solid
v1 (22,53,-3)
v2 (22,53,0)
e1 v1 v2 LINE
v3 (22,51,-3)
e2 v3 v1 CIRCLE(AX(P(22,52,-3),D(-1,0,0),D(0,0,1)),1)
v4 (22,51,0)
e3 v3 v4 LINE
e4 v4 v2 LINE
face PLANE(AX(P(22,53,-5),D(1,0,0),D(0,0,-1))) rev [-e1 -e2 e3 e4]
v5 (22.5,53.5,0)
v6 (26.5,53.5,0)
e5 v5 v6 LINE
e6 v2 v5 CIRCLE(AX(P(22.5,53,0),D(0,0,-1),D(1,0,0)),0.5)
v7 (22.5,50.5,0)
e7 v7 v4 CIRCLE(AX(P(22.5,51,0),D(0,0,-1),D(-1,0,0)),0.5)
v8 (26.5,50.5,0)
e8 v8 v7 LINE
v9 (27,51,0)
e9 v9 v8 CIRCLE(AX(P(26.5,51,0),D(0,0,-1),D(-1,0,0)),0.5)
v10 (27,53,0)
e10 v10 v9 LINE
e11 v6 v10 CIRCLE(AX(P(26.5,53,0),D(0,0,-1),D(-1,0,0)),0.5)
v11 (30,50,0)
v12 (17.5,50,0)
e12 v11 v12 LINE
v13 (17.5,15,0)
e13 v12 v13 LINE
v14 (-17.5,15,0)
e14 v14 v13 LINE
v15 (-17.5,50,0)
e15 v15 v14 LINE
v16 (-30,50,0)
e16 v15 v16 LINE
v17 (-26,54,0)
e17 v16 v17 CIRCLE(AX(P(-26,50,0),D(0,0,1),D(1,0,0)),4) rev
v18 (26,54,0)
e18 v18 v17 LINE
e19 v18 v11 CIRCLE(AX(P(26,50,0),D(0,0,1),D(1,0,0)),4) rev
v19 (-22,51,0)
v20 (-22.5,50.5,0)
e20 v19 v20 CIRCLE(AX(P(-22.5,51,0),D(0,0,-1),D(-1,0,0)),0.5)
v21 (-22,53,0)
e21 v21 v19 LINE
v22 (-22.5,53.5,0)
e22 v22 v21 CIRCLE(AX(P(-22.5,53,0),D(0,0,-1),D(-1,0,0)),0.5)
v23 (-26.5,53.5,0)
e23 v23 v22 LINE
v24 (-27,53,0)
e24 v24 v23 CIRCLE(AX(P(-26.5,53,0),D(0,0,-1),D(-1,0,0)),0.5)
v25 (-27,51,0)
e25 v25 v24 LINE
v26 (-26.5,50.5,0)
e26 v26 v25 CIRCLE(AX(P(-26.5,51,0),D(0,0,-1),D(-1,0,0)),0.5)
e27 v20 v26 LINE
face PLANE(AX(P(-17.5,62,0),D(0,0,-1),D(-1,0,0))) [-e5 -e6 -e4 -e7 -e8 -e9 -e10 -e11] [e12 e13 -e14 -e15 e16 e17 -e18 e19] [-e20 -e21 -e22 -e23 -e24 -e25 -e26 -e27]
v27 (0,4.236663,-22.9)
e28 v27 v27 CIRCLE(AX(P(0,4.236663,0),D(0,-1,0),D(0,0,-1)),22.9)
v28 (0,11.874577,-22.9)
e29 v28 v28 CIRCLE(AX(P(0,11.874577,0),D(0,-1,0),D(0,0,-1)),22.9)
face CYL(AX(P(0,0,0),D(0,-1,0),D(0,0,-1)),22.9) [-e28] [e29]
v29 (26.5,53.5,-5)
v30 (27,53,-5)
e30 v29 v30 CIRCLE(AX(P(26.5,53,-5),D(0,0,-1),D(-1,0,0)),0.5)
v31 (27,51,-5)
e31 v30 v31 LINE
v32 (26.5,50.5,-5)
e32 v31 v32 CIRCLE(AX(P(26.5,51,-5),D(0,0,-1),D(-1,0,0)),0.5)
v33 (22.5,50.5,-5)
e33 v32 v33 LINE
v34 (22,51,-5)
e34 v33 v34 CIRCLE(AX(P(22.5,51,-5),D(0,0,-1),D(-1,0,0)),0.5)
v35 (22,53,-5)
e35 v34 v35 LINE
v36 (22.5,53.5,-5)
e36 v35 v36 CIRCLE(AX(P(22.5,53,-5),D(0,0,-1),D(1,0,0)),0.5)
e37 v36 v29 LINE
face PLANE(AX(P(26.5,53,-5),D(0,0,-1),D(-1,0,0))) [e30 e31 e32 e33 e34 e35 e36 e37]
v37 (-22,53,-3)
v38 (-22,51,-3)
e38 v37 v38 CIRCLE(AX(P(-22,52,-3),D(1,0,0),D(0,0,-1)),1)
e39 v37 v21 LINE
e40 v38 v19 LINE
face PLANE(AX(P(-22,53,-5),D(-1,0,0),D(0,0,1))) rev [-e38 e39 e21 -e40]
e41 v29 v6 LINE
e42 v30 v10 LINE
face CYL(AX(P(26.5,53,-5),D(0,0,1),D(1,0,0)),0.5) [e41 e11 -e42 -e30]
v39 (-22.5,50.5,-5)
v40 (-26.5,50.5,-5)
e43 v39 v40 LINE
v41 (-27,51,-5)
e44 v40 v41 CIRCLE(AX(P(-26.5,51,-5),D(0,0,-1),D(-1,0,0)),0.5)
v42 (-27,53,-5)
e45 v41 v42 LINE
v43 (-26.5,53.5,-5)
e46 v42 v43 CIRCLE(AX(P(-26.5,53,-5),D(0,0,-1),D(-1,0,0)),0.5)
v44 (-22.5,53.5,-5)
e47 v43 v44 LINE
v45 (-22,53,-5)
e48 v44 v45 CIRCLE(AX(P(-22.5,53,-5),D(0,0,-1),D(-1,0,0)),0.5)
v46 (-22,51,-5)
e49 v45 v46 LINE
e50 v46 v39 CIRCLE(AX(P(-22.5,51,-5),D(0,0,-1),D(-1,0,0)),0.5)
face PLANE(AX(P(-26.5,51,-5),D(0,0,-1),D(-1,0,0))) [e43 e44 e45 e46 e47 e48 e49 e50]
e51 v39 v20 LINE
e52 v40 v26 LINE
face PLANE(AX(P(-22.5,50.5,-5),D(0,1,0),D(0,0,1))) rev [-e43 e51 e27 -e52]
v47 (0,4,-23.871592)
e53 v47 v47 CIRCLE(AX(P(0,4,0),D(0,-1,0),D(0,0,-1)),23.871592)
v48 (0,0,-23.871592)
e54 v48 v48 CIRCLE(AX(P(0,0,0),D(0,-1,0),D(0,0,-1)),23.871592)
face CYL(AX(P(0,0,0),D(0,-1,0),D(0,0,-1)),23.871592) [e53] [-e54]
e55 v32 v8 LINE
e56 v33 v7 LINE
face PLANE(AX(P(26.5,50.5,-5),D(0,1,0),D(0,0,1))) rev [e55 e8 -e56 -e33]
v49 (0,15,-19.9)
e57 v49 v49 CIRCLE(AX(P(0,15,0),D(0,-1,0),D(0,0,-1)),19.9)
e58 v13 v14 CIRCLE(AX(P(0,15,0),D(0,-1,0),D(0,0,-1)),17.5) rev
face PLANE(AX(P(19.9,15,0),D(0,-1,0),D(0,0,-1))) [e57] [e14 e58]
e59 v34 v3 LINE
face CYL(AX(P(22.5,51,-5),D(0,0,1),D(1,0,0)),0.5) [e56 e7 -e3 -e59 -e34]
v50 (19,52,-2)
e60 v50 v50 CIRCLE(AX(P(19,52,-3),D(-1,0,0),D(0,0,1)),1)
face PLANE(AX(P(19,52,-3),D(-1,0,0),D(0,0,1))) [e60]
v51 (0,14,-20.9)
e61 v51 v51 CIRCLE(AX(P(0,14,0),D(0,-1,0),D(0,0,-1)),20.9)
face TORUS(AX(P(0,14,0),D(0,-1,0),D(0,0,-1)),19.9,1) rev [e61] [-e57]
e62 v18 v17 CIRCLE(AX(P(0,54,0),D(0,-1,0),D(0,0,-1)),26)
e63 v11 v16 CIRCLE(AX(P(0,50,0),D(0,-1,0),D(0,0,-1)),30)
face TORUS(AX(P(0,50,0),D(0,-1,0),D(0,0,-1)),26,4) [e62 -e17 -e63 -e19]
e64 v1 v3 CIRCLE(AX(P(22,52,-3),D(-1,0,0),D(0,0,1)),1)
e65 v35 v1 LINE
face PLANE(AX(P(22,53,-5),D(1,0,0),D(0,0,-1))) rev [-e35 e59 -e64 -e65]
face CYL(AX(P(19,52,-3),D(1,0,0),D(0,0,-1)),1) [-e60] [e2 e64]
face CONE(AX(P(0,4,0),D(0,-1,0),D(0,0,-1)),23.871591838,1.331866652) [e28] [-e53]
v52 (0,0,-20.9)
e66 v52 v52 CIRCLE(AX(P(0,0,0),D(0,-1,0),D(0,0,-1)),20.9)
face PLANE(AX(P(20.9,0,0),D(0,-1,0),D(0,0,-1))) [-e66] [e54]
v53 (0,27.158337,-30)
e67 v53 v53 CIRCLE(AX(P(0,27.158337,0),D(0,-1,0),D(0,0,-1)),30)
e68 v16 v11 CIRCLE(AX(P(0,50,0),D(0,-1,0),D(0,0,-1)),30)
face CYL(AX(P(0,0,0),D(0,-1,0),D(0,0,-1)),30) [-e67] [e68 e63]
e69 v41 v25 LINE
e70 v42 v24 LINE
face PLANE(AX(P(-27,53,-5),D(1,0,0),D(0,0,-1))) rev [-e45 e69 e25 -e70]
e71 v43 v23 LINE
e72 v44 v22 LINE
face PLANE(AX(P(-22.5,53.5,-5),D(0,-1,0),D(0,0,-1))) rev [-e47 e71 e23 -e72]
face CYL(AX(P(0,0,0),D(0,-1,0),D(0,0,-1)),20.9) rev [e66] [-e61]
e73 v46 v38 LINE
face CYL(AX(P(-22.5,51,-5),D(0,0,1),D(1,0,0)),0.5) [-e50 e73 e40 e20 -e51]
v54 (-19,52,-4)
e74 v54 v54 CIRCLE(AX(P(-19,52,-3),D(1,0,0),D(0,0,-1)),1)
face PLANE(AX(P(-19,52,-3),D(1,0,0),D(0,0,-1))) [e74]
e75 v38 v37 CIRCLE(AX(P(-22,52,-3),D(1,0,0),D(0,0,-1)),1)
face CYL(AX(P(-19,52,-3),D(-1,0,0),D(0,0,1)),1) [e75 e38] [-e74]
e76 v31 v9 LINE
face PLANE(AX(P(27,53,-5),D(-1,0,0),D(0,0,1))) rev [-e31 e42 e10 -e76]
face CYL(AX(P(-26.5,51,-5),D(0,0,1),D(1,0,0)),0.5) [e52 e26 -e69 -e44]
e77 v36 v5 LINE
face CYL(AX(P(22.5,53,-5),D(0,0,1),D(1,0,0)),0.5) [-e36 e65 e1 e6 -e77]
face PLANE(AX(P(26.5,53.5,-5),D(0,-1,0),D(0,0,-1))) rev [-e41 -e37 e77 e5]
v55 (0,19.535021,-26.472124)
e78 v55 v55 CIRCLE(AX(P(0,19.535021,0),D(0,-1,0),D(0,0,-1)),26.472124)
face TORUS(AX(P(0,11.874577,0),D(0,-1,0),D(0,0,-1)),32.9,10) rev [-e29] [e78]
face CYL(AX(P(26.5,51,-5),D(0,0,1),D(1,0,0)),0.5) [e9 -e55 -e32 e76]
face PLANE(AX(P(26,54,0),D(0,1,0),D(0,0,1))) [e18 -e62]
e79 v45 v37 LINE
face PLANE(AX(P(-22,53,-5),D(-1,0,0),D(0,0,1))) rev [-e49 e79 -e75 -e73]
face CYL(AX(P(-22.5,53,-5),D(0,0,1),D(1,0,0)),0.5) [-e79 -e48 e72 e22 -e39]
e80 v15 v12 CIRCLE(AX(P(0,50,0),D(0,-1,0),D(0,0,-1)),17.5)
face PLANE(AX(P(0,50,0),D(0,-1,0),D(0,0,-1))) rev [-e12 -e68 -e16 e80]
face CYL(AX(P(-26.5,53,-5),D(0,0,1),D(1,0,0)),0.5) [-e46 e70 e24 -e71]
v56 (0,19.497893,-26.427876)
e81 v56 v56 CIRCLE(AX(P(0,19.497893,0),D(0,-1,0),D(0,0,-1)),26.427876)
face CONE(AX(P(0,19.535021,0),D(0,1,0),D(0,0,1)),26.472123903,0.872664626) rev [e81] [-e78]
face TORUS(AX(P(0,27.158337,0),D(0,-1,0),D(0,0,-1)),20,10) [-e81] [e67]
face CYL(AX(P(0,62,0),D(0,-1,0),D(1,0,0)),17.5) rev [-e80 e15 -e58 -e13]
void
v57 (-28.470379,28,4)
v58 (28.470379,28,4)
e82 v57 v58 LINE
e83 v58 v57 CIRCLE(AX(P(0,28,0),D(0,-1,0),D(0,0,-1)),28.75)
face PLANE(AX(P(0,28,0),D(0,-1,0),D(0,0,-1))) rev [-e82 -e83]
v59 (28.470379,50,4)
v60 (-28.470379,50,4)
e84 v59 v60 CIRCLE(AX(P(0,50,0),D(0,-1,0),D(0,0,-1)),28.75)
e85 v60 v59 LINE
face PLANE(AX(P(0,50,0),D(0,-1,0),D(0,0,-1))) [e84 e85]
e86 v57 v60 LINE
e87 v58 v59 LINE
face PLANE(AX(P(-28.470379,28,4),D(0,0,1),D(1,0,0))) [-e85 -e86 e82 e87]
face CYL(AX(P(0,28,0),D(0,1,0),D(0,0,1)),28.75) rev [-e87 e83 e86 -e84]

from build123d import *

# Parameters (mm, degrees)
CUT_EXTRUDE3_DEPTH      = 45
CUT_EXTRUDE3_DEPTH_BACK = 20
CUT_EXTRUDE5_START      = -5
CUT_EXTRUDE5_DEPTH      = 5
BOSS_EXTRUDE2_DEPTH     = 5
SKETCH14_R              = 1
BOSS_EXTRUDE3_DEPTH     = 3
BOSS_EXTRUDE4_START     = 3
SKETCH15_R              = 1
BOSS_EXTRUDE4_DEPTH     = 3
CUT_EXTRUDE6_DEPTH      = 22


with BuildPart() as part:
    # Sketch1 → Revolve1 (revolve)
    with BuildSketch(Plane.XY, mode=Mode.PRIVATE) as revolve1_sk:
        with BuildLine():
            Line((20.9, 0), (23.871591838, 0))
            Line((23.871591838, 0), (23.871591838, 4))
            Line((23.871591838, 4), (22.9, 4.236662843))
            Line((22.9, 4.236662843), (22.9, 11.874576818))
            ThreePointArc((22.9, 11.874576818), (23.83692213, 16.100759435), (26.472123903, 19.535021249))
            Line((26.472123903, 19.535021249), (26.427876097, 19.497892931))
            ThreePointArc((26.427876097, 19.497892931), (29.06307787, 22.932154745), (30, 27.158337362))
            Line((30, 27.158337362), (30, 50))
            ThreePointArc((30, 50), (28.828427125, 52.828427125), (26, 54))
            Line((26, 54), (0, 54))
            Line((0, 54), (0, 15))
            Line((0, 15), (19.9, 15))
            ThreePointArc((19.9, 15), (20.607106781, 14.707106781), (20.9, 14))
            Line((20.9, 14), (20.9, 0))
        make_face()
    revolve(revolve1_sk.sketch.rotate(Axis((0, 0, 0), (0, 1, 0)), 90), axis=Axis((0, 0, 0), (0, 1, 0)))

    # Sketch11 → Cut-Extrude3 (cut, two sides: drawn at the far end of the back side and taken through both)
    with BuildSketch(Plane(origin=(0, 17, 0), x_dir=(1, 0, 0), z_dir=(0, 1, 0)).offset(-CUT_EXTRUDE3_DEPTH_BACK)):
        with BuildLine():
            Line((-17.5, 0), (17.5, 0))
            ThreePointArc((17.5, 0), (0, 17.5), (-17.5, 0))
        make_face()
    extrude(amount=CUT_EXTRUDE3_DEPTH + CUT_EXTRUDE3_DEPTH_BACK, mode=Mode.SUBTRACT)

    # Sketch9 → Cut-Extrude5 (cut)
    with BuildSketch(Plane(origin=(0, 50, 0), x_dir=(-1, 0, 0), z_dir=(0, -1, 0)).offset(CUT_EXTRUDE5_START)):
        with BuildLine():
            Line((-30, 0), (30, 0))
            ThreePointArc((30, 0), (0, 30), (-30, 0))
        make_face()
    extrude(amount=CUT_EXTRUDE5_DEPTH, mode=Mode.SUBTRACT)

    # Sketch13 → Boss-Extrude2 (add)
    with BuildSketch(Plane(origin=(0, 0, 0), x_dir=(-1, 0, 0), z_dir=(0, 0, -1))):
        with BuildLine():
            Line((22.5, 53.5), (26.5, 53.5))
            ThreePointArc((26.5, 53.5), (26.853553391, 53.353553391), (27, 53))
            Line((27, 53), (27, 51))
            ThreePointArc((27, 51), (26.853553391, 50.646446609), (26.5, 50.5))
            Line((26.5, 50.5), (22.5, 50.5))
            ThreePointArc((22.5, 50.5), (22.146446609, 50.646446609), (22, 51))
            Line((22, 51), (22, 53))
            ThreePointArc((22, 53), (22.146446609, 53.353553391), (22.5, 53.5))
        make_face()
        with BuildLine():
            Line((-26.5, 53.5), (-22.5, 53.5))
            ThreePointArc((-22.5, 53.5), (-22.146446609, 53.353553391), (-22, 53))
            Line((-22, 53), (-22, 51))
            ThreePointArc((-22, 51), (-22.146446609, 50.646446609), (-22.5, 50.5))
            Line((-22.5, 50.5), (-26.5, 50.5))
            ThreePointArc((-26.5, 50.5), (-26.853553391, 50.646446609), (-27, 51))
            Line((-27, 51), (-27, 53))
            ThreePointArc((-27, 53), (-26.853553391, 53.353553391), (-26.5, 53.5))
        make_face()
    extrude(amount=BOSS_EXTRUDE2_DEPTH)

    # Sketch14 → Boss-Extrude3 (add)
    with BuildSketch(Plane.ZY.offset(-22)):
        with Locations(Location((-3, 52, 0), (0, 0, 270))):
            Circle(SKETCH14_R)
    extrude(amount=BOSS_EXTRUDE3_DEPTH)

    # Sketch15 → Boss-Extrude4 (add)
    with BuildSketch(Plane(origin=(-22, 0, 0), x_dir=(0, 0, -1), z_dir=(1, 0, 0)).offset(BOSS_EXTRUDE4_START)):
        with Locations(Location((3, 52, 0), (0, 0, 270))):
            Circle(SKETCH15_R)
    extrude(amount=-BOSS_EXTRUDE4_DEPTH)

    # Sketch16 → Cut-Extrude6 (cut)
    with BuildSketch(Plane(origin=(0, 50, 0), x_dir=(-1, 0, 0), z_dir=(0, -1, 0))):
        with BuildLine():
            Line((28.470379344, -4), (-28.470379344, -4))
            ThreePointArc((-28.470379344, -4), (0, -28.75), (28.470379344, -4))
        make_face()
    extrude(amount=CUT_EXTRUDE6_DEPTH, mode=Mode.SUBTRACT)


solid = part.part
